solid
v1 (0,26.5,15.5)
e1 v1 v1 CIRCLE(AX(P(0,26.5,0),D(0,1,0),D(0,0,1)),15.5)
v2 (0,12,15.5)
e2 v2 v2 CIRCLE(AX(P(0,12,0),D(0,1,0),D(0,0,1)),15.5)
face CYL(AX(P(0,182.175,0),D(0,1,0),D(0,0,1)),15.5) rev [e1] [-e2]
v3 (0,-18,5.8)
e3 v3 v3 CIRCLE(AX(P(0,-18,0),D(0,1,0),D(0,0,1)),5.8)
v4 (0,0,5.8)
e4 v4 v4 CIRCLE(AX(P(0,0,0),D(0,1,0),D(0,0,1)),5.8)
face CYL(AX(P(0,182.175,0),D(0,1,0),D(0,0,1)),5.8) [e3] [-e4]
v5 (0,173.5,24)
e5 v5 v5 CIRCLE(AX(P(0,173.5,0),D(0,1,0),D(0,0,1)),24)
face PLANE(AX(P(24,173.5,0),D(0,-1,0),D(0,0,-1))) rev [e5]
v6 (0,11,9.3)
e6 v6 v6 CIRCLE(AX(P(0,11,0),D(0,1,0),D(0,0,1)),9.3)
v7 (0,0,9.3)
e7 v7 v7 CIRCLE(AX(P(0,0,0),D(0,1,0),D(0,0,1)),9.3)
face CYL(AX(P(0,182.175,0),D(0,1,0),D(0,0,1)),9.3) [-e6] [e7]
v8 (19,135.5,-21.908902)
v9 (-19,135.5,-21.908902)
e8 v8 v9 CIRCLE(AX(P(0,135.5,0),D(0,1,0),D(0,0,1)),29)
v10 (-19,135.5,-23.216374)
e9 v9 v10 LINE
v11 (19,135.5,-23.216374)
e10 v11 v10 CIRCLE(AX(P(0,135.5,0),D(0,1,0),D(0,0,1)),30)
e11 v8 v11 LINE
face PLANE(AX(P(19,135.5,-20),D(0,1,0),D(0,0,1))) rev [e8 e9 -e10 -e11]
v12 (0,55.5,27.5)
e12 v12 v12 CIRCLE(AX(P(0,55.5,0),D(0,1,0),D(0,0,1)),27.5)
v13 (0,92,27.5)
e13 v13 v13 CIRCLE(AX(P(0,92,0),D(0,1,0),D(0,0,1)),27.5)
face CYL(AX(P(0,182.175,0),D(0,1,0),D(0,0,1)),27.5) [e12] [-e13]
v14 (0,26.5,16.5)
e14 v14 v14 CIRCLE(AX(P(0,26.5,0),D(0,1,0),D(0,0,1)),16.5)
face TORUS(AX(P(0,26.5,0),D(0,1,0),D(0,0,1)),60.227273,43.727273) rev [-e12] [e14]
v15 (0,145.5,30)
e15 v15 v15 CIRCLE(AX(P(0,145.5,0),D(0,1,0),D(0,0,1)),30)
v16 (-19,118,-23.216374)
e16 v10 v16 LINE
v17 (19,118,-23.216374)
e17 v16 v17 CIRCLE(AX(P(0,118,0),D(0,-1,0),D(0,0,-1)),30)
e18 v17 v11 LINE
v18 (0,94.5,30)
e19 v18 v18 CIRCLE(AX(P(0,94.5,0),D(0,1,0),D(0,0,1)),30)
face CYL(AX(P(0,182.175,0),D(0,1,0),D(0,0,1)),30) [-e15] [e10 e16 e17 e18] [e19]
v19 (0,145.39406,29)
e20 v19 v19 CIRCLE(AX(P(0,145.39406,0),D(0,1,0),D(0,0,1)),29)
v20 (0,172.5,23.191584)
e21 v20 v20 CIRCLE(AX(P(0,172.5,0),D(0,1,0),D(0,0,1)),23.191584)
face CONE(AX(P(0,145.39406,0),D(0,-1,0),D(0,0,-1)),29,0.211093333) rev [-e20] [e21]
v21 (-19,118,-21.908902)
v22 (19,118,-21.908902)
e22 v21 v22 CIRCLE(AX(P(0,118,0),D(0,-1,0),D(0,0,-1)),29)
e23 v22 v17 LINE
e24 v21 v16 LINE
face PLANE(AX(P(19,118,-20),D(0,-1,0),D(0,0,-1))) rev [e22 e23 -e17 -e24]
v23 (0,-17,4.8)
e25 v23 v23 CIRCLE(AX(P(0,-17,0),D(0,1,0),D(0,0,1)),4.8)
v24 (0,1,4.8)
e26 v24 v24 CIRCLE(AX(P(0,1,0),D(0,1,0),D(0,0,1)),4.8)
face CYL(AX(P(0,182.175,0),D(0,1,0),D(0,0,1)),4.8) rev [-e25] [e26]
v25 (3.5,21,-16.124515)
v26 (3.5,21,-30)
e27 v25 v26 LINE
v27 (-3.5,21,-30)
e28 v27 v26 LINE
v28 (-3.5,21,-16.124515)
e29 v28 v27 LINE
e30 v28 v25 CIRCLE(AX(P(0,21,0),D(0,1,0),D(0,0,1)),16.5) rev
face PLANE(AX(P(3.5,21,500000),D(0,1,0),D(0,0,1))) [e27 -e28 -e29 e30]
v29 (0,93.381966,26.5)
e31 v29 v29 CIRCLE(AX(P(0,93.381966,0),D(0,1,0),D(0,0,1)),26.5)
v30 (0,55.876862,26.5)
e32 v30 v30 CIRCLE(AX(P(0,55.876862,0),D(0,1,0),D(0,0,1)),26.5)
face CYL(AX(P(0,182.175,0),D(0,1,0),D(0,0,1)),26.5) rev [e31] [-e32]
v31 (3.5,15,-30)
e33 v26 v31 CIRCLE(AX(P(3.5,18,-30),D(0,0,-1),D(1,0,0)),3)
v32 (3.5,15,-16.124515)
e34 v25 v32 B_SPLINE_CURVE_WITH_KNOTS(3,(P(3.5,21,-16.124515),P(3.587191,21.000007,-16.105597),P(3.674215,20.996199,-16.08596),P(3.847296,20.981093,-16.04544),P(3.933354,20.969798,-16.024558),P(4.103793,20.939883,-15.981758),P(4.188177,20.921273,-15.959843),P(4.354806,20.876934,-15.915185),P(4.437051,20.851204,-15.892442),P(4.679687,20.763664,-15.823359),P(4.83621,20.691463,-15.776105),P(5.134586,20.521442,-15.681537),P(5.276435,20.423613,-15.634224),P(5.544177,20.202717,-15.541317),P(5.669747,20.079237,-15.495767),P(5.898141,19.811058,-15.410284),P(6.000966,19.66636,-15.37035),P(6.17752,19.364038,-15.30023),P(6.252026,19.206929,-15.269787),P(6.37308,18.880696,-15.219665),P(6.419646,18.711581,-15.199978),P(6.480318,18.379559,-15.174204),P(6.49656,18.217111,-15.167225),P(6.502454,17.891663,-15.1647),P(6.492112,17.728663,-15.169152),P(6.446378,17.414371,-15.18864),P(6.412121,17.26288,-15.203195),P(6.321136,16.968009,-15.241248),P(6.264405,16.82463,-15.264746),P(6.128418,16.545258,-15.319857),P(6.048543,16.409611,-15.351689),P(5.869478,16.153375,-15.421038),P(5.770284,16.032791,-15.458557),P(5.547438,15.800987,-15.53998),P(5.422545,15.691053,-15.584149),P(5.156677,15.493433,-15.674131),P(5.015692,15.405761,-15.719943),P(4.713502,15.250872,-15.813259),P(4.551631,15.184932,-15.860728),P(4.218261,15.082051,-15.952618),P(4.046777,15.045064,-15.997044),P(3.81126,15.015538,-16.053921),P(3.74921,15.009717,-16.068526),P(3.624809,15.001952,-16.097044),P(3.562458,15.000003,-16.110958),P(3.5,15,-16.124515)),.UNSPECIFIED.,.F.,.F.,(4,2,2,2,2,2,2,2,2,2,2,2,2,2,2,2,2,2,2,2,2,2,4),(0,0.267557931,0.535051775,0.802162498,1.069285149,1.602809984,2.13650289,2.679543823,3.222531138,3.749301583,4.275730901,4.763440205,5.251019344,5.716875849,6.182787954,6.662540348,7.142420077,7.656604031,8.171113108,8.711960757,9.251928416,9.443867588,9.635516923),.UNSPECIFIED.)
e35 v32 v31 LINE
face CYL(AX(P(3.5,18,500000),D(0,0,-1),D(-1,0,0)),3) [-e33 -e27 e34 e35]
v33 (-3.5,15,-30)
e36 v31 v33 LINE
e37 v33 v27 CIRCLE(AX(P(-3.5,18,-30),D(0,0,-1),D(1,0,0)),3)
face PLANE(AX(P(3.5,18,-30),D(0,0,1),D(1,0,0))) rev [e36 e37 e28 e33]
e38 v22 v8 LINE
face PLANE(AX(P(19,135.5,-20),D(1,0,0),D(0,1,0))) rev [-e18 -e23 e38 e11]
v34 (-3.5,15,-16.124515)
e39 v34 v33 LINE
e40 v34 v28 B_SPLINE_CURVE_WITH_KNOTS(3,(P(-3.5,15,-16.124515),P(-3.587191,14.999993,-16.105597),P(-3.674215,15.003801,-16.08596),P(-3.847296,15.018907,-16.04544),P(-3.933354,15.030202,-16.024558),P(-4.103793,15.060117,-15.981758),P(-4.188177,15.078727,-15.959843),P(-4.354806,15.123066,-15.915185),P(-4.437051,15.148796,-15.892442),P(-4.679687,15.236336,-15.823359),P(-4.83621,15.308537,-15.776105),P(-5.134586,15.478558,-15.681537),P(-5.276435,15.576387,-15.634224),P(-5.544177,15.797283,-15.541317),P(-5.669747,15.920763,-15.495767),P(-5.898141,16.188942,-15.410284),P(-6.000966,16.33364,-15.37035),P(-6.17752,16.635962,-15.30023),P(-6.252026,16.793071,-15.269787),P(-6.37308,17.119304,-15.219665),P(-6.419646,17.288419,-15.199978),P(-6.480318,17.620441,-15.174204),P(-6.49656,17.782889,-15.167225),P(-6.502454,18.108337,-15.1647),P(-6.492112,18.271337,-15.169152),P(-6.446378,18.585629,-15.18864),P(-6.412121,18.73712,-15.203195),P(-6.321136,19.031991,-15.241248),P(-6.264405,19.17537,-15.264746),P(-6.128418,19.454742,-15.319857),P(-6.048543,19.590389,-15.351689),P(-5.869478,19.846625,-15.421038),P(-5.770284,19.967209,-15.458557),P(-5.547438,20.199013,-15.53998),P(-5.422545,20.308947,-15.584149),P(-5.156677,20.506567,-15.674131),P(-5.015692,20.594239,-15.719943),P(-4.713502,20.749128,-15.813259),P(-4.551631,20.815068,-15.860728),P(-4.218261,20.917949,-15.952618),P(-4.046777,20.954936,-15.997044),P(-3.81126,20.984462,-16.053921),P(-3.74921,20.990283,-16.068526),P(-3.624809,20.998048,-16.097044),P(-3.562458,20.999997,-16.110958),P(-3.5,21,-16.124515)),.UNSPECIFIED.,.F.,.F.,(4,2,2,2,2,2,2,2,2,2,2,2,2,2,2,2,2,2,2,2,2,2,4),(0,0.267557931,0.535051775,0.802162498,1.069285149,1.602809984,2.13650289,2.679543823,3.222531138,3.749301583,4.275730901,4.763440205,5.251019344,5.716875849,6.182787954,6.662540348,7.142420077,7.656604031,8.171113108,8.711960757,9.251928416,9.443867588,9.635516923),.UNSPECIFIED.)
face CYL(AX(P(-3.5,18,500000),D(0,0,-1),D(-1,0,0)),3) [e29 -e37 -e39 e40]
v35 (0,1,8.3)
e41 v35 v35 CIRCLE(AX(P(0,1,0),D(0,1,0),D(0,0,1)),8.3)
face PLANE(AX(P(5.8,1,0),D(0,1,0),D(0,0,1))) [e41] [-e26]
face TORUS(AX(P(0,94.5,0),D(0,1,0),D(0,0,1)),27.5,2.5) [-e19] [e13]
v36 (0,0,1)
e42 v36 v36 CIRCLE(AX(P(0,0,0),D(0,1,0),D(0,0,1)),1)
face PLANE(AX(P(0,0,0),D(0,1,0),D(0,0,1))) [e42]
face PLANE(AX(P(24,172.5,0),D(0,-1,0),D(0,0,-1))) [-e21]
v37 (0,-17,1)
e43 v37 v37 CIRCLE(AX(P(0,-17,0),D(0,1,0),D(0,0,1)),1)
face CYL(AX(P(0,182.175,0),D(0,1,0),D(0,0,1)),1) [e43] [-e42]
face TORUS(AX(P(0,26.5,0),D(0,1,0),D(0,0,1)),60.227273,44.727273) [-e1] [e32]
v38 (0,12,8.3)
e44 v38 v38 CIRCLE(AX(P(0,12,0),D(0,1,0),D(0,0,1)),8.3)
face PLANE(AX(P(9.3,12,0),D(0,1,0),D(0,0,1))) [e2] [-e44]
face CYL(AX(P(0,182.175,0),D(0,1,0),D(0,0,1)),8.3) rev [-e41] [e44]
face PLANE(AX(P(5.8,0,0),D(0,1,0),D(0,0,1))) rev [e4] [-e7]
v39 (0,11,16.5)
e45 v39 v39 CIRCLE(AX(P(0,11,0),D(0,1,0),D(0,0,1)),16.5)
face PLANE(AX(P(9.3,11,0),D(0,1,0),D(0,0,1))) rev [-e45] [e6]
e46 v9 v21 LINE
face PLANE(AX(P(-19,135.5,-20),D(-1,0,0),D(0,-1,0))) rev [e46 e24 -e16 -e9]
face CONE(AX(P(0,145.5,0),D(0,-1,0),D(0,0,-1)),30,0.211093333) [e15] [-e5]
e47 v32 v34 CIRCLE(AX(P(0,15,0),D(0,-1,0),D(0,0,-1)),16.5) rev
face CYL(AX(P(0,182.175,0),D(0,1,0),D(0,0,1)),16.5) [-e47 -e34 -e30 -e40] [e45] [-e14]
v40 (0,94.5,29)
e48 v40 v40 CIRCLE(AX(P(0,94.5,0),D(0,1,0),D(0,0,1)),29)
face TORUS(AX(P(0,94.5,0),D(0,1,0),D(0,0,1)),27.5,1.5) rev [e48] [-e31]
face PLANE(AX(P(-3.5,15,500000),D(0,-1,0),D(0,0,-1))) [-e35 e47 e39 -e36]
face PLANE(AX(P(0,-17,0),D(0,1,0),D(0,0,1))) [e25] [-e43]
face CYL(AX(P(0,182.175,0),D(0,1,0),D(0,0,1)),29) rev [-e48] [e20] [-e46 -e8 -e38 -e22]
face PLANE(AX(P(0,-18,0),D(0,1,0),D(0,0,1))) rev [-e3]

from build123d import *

# Parameters (mm, degrees)
ESQUISSE3_W             = 38
ESQUISSE3_H             = 17.5
ENL_V_MAT_EXTRU_1_DEPTH = 10
BOSS_EXTRU_1_REACH      = 188.017
BOSS_EXTRU_1_END_RADIUS = 16.5


with BuildPart() as part:
    # Esquisse1 → Révol.-Mince1 (revolve)
    with BuildSketch(Plane.XY, mode=Mode.PRIVATE) as r_vol_mince1_sk:
        with BuildLine():
            Line((0, 0), (0, -18))
            Line((0, -18), (5.8, -18))
            Line((5.8, -18), (5.8, 0))
            Line((5.8, 0), (9.3, 0))
            Line((9.3, 0), (9.3, 11))
            Line((9.3, 11), (16.5, 11))
            Line((16.5, 11), (16.5, 26.5))
            ThreePointArc((16.5, 26.5), (19.342380895, 42.008062419), (27.5, 55.5))
            Line((27.5, 55.5), (27.5, 92))
            ThreePointArc((27.5, 92), (29.267766953, 92.732233047), (30, 94.5))
            Line((30, 94.5), (30, 145.5))
            Line((30, 145.5), (24, 173.5))
            Line((24, 173.5), (0, 173.5))
            Line((0, 173.5), (0, 172.5))
            Line((0, 172.5), (23.19158421, 172.5))
            Line((23.19158421, 172.5), (29, 145.394059646))
            Line((29, 145.394059646), (29, 94.5))
            ThreePointArc((29, 94.5), (28.112372436, 93.130693606), (26.5, 93.381966011))
            Line((26.5, 93.381966011), (26.5, 55.876861643))
            ThreePointArc((26.5, 55.876861643), (18.340175363, 42.184387141), (15.5, 26.5))
            Line((15.5, 26.5), (15.5, 12))
            Line((15.5, 12), (8.3, 12))
            Line((8.3, 12), (8.3, 1))
            Line((8.3, 1), (4.8, 1))
            Line((4.8, 1), (4.8, -17))
            Line((4.8, -17), (1, -17))
            Line((1, -17), (1, 0))
            Line((1, 0), (0, 0))
        make_face()
    revolve(r_vol_mince1_sk.sketch.rotate(Axis((0, 182.175, 0), (0, -1, 0)), 90), axis=Axis((0, 182.175, 0), (0, -1, 0)))

    # Esquisse3 → Enlèv. mat.-Extru.1 (cut)
    with BuildSketch(Plane(origin=(0, 0, -30), x_dir=(-1, 0, 0), z_dir=(0, 0, -1))):
        with Locations((0, 126.75)):
            Rectangle(ESQUISSE3_W, ESQUISSE3_H)
    extrude(amount=-ENL_V_MAT_EXTRU_1_DEPTH, mode=Mode.SUBTRACT)

    # Boss.-Extru.1: up to this cylinder (the profile starts outside it)
    boss_extru_1_end = Plane(origin=(0, 18, 0), z_dir=(0, 1, 0)) * Cylinder(BOSS_EXTRU_1_END_RADIUS, 410.034, mode=Mode.PRIVATE)
    # Esquisse4 → Boss.-Extru.1 (add, up to the surface)
    with BuildSketch(Plane(origin=(0, 0, -30), x_dir=(-1, 0, 0), z_dir=(0, 0, -1)), mode=Mode.PRIVATE) as boss_extru_1_sk1:
        with BuildLine():
            Line((-3.5, 21), (3.5, 21))
            ThreePointArc((3.5, 21), (6.5, 18), (3.5, 15))
            Line((3.5, 15), (-3.5, 15))
            ThreePointArc((-3.5, 15), (-6.5, 18), (-3.5, 21))
        make_face()
    boss_extru_1_tool1 = extrude(boss_extru_1_sk1.sketch, amount=-BOSS_EXTRU_1_REACH, mode=Mode.PRIVATE) - boss_extru_1_end
    add(boss_extru_1_tool1.solids().sort_by_distance((0, 18, -30))[0])


solid = part.part
